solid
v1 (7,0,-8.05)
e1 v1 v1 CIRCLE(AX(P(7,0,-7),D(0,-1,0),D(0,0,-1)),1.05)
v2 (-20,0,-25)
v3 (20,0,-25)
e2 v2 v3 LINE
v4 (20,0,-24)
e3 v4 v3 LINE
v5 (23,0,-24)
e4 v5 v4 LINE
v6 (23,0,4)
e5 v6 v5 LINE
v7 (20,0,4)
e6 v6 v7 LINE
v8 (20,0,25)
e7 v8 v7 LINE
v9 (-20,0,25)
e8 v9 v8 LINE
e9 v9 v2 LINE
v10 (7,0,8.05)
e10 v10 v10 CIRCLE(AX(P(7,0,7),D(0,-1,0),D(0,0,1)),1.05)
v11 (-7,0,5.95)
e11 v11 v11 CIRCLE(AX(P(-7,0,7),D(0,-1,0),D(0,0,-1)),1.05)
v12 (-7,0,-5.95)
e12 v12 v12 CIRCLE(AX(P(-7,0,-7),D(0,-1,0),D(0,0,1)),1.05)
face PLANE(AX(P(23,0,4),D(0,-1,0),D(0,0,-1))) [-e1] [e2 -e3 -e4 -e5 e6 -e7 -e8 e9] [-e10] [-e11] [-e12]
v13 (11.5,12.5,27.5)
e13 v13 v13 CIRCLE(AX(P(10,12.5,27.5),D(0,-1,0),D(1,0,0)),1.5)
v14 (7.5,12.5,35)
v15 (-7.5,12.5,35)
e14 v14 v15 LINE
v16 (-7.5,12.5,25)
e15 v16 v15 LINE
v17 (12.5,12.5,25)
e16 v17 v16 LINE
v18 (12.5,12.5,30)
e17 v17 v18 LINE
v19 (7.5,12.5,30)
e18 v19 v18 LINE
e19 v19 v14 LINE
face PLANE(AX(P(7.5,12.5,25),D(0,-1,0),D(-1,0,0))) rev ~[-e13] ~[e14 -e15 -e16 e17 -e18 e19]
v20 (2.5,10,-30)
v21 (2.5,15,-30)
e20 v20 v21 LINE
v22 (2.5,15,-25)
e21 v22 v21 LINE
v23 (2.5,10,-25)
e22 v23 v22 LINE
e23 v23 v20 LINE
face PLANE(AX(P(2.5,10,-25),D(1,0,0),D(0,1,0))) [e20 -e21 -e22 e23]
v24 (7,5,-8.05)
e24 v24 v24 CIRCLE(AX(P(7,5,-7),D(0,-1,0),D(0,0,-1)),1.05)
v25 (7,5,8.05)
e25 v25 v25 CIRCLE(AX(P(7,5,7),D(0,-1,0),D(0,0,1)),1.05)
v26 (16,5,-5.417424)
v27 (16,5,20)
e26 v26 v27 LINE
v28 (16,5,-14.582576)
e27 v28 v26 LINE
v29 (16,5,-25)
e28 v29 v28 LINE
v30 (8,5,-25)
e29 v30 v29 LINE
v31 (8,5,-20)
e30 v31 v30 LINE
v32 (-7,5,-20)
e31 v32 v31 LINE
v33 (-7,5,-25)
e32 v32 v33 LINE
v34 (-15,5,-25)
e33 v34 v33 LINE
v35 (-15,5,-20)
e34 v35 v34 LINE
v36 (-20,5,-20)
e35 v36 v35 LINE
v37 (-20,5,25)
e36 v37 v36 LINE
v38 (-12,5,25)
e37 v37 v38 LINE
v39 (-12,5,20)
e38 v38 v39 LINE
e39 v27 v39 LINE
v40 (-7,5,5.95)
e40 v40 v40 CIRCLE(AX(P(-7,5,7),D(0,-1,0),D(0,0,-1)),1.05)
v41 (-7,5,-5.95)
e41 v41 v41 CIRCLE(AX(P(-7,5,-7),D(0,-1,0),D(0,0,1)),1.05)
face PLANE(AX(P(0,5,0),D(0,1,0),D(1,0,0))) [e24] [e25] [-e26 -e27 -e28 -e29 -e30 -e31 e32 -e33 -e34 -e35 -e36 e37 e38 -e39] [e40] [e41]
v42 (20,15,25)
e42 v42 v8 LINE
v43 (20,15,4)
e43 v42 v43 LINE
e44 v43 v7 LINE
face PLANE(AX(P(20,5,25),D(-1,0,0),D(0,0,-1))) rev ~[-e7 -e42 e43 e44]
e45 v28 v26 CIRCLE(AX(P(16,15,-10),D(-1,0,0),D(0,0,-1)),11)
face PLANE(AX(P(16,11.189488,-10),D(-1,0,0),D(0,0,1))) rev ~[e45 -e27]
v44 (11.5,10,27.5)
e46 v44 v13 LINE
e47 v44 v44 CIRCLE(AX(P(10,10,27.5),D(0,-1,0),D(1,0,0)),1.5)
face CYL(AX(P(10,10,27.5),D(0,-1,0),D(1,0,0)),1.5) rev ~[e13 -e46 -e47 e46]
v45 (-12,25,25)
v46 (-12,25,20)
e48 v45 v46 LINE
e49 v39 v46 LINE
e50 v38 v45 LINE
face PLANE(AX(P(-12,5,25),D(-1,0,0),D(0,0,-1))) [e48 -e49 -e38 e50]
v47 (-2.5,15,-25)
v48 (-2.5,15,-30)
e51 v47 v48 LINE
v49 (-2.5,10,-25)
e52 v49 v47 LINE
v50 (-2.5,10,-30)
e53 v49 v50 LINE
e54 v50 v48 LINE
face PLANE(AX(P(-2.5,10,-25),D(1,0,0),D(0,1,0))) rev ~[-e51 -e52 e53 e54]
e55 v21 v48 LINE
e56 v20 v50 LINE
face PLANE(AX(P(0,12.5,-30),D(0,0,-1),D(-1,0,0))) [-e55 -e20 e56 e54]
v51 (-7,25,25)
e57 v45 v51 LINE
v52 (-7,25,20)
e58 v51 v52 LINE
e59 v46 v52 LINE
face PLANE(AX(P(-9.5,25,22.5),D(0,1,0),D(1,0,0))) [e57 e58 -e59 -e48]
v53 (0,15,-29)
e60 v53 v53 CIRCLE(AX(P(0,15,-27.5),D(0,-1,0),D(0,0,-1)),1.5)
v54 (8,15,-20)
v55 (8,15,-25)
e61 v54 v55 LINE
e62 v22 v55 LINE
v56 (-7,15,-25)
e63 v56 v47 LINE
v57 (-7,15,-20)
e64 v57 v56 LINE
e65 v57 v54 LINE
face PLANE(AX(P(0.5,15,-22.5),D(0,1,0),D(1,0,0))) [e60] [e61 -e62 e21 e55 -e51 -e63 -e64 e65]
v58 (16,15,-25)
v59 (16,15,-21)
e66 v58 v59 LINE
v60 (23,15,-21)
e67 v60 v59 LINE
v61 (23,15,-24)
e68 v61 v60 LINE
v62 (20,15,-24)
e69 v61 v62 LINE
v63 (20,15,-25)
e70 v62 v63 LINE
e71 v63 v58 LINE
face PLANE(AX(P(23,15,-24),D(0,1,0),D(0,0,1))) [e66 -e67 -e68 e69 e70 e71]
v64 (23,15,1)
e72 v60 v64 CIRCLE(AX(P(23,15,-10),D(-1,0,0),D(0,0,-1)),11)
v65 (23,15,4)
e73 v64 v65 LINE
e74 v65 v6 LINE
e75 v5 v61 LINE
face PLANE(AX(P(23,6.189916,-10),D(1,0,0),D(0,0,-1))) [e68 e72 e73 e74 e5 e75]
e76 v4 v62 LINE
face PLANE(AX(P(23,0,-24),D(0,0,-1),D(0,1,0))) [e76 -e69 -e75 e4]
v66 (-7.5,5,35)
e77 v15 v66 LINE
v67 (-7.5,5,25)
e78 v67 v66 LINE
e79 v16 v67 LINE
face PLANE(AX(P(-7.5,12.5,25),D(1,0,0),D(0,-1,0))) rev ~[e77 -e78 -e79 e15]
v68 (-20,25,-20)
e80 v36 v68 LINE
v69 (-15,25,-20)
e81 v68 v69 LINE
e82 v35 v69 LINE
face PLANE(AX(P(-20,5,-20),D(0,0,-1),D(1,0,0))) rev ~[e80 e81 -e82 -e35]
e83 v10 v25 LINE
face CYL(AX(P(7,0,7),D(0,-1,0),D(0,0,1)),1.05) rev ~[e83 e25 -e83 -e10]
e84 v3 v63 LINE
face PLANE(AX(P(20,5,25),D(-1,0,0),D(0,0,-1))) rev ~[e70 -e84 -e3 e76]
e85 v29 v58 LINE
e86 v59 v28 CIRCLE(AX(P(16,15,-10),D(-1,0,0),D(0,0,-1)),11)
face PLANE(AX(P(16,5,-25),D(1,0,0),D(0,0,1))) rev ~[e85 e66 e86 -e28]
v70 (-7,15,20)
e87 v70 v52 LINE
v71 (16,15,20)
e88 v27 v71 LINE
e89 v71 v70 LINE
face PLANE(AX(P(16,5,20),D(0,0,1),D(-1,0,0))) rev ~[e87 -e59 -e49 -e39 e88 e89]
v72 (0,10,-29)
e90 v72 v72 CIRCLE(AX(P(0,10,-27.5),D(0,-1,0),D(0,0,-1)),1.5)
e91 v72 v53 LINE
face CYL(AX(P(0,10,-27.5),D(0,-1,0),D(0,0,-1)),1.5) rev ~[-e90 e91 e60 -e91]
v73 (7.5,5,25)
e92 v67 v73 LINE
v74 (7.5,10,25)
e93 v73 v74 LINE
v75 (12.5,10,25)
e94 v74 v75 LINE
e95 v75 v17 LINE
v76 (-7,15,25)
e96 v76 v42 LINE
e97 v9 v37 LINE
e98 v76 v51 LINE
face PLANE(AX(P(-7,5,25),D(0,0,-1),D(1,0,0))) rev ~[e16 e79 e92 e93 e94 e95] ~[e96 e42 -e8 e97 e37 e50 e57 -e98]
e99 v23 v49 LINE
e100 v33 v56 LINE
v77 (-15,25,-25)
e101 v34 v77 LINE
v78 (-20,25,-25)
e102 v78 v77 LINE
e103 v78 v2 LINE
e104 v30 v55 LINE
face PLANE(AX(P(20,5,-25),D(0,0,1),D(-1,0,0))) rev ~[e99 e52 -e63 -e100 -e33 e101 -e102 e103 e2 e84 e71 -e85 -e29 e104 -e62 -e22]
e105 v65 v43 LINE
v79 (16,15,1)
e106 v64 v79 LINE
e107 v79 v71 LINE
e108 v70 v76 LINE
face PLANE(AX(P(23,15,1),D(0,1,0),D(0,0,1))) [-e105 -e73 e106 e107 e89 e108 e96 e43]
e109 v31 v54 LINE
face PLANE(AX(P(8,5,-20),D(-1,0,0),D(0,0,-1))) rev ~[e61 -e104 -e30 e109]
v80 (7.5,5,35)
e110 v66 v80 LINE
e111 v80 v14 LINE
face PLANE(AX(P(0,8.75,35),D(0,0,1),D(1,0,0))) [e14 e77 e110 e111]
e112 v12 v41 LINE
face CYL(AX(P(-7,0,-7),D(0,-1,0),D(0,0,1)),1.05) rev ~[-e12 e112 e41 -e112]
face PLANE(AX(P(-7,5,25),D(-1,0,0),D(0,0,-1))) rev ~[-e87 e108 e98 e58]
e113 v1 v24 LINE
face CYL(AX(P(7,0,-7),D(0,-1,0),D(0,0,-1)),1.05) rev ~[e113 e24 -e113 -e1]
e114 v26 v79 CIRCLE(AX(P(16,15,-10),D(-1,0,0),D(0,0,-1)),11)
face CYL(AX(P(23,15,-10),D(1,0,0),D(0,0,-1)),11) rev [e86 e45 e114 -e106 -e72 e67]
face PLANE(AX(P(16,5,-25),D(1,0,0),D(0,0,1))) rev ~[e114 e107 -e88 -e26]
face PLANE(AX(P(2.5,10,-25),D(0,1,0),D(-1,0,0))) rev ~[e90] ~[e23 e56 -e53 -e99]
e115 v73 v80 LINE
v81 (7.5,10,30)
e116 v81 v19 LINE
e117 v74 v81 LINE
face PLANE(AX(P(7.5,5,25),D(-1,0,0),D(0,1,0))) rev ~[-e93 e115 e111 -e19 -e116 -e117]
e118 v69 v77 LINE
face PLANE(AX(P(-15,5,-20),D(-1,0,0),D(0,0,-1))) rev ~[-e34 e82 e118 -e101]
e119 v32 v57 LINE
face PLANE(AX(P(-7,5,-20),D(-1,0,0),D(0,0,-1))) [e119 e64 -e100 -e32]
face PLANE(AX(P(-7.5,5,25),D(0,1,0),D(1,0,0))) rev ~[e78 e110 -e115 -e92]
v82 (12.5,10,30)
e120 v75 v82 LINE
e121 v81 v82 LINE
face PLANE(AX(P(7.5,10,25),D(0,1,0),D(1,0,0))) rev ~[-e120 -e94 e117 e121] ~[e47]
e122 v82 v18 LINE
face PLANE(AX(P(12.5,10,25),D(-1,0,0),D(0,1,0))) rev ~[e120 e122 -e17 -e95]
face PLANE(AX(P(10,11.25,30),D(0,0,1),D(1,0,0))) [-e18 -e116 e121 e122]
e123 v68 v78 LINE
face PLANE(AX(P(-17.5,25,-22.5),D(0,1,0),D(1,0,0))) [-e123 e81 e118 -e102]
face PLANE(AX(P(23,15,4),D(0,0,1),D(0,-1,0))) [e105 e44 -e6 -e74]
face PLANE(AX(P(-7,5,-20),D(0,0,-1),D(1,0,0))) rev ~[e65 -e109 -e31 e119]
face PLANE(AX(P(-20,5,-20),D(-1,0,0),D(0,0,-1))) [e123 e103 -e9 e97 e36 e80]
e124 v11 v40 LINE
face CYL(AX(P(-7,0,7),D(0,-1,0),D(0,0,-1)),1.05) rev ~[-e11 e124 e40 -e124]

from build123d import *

# Parameters (mm, degrees)
SKETCH1_W            = 40
SKETCH1_H            = 50
BOSS_EXTRUDE1_DEPTH  = 5
SKETCH4_W            = 5
SKETCH4_H            = 5
BOSS_EXTRUDE4_DEPTH  = 20
SKETCH4_4_W          = 15
SKETCH4_4_H          = 5
BOSS_EXTRUDE5_DEPTH  = 10
CUT_EXTRUDE2_DEPTH   = 4
BOSS_EXTRUDE7_START  = 3
BOSS_EXTRUDE7_DEPTH  = 3
SKETCH11_W           = 5
SKETCH11_H           = 5
BOSS_EXTRUDE8_DEPTH  = 5
SKETCH12_R           = 1.5
CUT_EXTRUDE6_DEPTH   = 5
SKETCH15_W           = 5
SKETCH15_H           = 2.5
BOSS_EXTRUDE11_DEPTH = 5
BOSS_EXTRUDE12_DEPTH = 10
SKETCH16_R           = 1.5
CUT_EXTRUDE8_DEPTH   = 2.5
SKETCH18_R           = 1.05
CUT_EXTRUDE9_DEPTH   = 5


with BuildPart() as part:
    # Sketch1 → Boss-Extrude1 (new body)
    with BuildSketch(Plane(origin=(0, 0, 0), x_dir=(1, 0, 0), z_dir=(0, 1, 0))):
        Rectangle(SKETCH1_W, SKETCH1_H)
    extrude(amount=BOSS_EXTRUDE1_DEPTH)

    # Sketch4 → Boss-Extrude4 (add)
    with BuildSketch(Plane(origin=(0, 5, 0), x_dir=(1, 0, 0), z_dir=(0, 1, 0))):
        with Locations((-9.5, -22.5)):
            Rectangle(SKETCH4_W, SKETCH4_H)
        with Locations((-17.5, 22.5)):
            Rectangle(SKETCH4_W, SKETCH4_H)
    extrude(amount=BOSS_EXTRUDE4_DEPTH)

    # Sketch4<4> → Boss-Extrude5 (add)
    with BuildSketch(Plane(origin=(0, 5, 0), x_dir=(1, 0, 0), z_dir=(0, 1, 0))):
        Polygon((20, -25), (20, 25), (16, 25), (16, -20), (-7, -20), (-7, -25), align=None)
        with Locations((0.5, 22.5)):
            Rectangle(SKETCH4_4_W, SKETCH4_4_H)
    extrude(amount=BOSS_EXTRUDE5_DEPTH)

    # Sketch7 → Cut-Extrude2 (cut)
    with BuildSketch(Plane(origin=(20, 0, 0), x_dir=(0, 0, -1), z_dir=(1, 0, 0))):
        with BuildLine():
            Line((-1, 15), (21, 15))
            ThreePointArc((21, 15), (10, 4), (-1, 15))
        make_face()
    extrude(amount=-CUT_EXTRUDE2_DEPTH, mode=Mode.SUBTRACT)

    # Sketch8 → Boss-Extrude7 (add)
    with BuildSketch(Plane(origin=(20, 0, 0), x_dir=(0, 0, -1), z_dir=(1, 0, 0)).offset(BOSS_EXTRUDE7_START)):
        with BuildLine():
            Line((-1, 15), (-4, 15))
            Line((-4, 15), (-4, 0))
            Line((-4, 0), (24, 0))
            Line((24, 0), (24, 15))
            Line((24, 15), (21, 15))
            ThreePointArc((21, 15), (10, 4), (-1, 15))
        make_face()
    extrude(amount=-BOSS_EXTRUDE7_DEPTH)

    # Sketch11 → Boss-Extrude8 (add)
    with BuildSketch(Plane(origin=(0, 0, -25), x_dir=(-1, 0, 0), z_dir=(0, 0, -1))):
        with Locations((0, 12.5)):
            Rectangle(SKETCH11_W, SKETCH11_H)
    extrude(amount=BOSS_EXTRUDE8_DEPTH)

    # Sketch12 → Cut-Extrude6 (cut)
    with BuildSketch(Plane.XZ.offset(-10)):
        with Locations((0, -27.5)):
            Circle(SKETCH12_R)
    extrude(amount=-CUT_EXTRUDE6_DEPTH, mode=Mode.SUBTRACT)

    # Sketch15 → Boss-Extrude11 (add)
    with BuildSketch(Plane.XY.offset(25)):
        with Locations((10, 11.25)):
            Rectangle(SKETCH15_W, SKETCH15_H)
    extrude(amount=BOSS_EXTRUDE11_DEPTH)

    # Sketch15<3> → Boss-Extrude12 (add)
    with BuildSketch(Plane.XY.offset(25)):
        Polygon((7.5, 10), (7.5, 12.5), (-7.5, 12.5), (-7.5, 5), (7.5, 5), align=None)
    extrude(amount=BOSS_EXTRUDE12_DEPTH)

    # Sketch16 → Cut-Extrude8 (cut)
    with BuildSketch(Plane.XZ.offset(-10)):
        with Locations((10, 27.5)):
            Circle(SKETCH16_R)
    extrude(amount=-CUT_EXTRUDE8_DEPTH, mode=Mode.SUBTRACT)

    # Sketch18 → Cut-Extrude9 (cut)
    with BuildSketch(Plane.XZ):
        with Locations((-7, 7)):
            Circle(SKETCH18_R)
        with Locations((7, 7)):
            Circle(SKETCH18_R)
        with Locations((7, -7)):
            Circle(SKETCH18_R)
        with Locations((-7, -7)):
            Circle(SKETCH18_R)
    extrude(amount=-CUT_EXTRUDE9_DEPTH, mode=Mode.SUBTRACT)


solid = part.part
